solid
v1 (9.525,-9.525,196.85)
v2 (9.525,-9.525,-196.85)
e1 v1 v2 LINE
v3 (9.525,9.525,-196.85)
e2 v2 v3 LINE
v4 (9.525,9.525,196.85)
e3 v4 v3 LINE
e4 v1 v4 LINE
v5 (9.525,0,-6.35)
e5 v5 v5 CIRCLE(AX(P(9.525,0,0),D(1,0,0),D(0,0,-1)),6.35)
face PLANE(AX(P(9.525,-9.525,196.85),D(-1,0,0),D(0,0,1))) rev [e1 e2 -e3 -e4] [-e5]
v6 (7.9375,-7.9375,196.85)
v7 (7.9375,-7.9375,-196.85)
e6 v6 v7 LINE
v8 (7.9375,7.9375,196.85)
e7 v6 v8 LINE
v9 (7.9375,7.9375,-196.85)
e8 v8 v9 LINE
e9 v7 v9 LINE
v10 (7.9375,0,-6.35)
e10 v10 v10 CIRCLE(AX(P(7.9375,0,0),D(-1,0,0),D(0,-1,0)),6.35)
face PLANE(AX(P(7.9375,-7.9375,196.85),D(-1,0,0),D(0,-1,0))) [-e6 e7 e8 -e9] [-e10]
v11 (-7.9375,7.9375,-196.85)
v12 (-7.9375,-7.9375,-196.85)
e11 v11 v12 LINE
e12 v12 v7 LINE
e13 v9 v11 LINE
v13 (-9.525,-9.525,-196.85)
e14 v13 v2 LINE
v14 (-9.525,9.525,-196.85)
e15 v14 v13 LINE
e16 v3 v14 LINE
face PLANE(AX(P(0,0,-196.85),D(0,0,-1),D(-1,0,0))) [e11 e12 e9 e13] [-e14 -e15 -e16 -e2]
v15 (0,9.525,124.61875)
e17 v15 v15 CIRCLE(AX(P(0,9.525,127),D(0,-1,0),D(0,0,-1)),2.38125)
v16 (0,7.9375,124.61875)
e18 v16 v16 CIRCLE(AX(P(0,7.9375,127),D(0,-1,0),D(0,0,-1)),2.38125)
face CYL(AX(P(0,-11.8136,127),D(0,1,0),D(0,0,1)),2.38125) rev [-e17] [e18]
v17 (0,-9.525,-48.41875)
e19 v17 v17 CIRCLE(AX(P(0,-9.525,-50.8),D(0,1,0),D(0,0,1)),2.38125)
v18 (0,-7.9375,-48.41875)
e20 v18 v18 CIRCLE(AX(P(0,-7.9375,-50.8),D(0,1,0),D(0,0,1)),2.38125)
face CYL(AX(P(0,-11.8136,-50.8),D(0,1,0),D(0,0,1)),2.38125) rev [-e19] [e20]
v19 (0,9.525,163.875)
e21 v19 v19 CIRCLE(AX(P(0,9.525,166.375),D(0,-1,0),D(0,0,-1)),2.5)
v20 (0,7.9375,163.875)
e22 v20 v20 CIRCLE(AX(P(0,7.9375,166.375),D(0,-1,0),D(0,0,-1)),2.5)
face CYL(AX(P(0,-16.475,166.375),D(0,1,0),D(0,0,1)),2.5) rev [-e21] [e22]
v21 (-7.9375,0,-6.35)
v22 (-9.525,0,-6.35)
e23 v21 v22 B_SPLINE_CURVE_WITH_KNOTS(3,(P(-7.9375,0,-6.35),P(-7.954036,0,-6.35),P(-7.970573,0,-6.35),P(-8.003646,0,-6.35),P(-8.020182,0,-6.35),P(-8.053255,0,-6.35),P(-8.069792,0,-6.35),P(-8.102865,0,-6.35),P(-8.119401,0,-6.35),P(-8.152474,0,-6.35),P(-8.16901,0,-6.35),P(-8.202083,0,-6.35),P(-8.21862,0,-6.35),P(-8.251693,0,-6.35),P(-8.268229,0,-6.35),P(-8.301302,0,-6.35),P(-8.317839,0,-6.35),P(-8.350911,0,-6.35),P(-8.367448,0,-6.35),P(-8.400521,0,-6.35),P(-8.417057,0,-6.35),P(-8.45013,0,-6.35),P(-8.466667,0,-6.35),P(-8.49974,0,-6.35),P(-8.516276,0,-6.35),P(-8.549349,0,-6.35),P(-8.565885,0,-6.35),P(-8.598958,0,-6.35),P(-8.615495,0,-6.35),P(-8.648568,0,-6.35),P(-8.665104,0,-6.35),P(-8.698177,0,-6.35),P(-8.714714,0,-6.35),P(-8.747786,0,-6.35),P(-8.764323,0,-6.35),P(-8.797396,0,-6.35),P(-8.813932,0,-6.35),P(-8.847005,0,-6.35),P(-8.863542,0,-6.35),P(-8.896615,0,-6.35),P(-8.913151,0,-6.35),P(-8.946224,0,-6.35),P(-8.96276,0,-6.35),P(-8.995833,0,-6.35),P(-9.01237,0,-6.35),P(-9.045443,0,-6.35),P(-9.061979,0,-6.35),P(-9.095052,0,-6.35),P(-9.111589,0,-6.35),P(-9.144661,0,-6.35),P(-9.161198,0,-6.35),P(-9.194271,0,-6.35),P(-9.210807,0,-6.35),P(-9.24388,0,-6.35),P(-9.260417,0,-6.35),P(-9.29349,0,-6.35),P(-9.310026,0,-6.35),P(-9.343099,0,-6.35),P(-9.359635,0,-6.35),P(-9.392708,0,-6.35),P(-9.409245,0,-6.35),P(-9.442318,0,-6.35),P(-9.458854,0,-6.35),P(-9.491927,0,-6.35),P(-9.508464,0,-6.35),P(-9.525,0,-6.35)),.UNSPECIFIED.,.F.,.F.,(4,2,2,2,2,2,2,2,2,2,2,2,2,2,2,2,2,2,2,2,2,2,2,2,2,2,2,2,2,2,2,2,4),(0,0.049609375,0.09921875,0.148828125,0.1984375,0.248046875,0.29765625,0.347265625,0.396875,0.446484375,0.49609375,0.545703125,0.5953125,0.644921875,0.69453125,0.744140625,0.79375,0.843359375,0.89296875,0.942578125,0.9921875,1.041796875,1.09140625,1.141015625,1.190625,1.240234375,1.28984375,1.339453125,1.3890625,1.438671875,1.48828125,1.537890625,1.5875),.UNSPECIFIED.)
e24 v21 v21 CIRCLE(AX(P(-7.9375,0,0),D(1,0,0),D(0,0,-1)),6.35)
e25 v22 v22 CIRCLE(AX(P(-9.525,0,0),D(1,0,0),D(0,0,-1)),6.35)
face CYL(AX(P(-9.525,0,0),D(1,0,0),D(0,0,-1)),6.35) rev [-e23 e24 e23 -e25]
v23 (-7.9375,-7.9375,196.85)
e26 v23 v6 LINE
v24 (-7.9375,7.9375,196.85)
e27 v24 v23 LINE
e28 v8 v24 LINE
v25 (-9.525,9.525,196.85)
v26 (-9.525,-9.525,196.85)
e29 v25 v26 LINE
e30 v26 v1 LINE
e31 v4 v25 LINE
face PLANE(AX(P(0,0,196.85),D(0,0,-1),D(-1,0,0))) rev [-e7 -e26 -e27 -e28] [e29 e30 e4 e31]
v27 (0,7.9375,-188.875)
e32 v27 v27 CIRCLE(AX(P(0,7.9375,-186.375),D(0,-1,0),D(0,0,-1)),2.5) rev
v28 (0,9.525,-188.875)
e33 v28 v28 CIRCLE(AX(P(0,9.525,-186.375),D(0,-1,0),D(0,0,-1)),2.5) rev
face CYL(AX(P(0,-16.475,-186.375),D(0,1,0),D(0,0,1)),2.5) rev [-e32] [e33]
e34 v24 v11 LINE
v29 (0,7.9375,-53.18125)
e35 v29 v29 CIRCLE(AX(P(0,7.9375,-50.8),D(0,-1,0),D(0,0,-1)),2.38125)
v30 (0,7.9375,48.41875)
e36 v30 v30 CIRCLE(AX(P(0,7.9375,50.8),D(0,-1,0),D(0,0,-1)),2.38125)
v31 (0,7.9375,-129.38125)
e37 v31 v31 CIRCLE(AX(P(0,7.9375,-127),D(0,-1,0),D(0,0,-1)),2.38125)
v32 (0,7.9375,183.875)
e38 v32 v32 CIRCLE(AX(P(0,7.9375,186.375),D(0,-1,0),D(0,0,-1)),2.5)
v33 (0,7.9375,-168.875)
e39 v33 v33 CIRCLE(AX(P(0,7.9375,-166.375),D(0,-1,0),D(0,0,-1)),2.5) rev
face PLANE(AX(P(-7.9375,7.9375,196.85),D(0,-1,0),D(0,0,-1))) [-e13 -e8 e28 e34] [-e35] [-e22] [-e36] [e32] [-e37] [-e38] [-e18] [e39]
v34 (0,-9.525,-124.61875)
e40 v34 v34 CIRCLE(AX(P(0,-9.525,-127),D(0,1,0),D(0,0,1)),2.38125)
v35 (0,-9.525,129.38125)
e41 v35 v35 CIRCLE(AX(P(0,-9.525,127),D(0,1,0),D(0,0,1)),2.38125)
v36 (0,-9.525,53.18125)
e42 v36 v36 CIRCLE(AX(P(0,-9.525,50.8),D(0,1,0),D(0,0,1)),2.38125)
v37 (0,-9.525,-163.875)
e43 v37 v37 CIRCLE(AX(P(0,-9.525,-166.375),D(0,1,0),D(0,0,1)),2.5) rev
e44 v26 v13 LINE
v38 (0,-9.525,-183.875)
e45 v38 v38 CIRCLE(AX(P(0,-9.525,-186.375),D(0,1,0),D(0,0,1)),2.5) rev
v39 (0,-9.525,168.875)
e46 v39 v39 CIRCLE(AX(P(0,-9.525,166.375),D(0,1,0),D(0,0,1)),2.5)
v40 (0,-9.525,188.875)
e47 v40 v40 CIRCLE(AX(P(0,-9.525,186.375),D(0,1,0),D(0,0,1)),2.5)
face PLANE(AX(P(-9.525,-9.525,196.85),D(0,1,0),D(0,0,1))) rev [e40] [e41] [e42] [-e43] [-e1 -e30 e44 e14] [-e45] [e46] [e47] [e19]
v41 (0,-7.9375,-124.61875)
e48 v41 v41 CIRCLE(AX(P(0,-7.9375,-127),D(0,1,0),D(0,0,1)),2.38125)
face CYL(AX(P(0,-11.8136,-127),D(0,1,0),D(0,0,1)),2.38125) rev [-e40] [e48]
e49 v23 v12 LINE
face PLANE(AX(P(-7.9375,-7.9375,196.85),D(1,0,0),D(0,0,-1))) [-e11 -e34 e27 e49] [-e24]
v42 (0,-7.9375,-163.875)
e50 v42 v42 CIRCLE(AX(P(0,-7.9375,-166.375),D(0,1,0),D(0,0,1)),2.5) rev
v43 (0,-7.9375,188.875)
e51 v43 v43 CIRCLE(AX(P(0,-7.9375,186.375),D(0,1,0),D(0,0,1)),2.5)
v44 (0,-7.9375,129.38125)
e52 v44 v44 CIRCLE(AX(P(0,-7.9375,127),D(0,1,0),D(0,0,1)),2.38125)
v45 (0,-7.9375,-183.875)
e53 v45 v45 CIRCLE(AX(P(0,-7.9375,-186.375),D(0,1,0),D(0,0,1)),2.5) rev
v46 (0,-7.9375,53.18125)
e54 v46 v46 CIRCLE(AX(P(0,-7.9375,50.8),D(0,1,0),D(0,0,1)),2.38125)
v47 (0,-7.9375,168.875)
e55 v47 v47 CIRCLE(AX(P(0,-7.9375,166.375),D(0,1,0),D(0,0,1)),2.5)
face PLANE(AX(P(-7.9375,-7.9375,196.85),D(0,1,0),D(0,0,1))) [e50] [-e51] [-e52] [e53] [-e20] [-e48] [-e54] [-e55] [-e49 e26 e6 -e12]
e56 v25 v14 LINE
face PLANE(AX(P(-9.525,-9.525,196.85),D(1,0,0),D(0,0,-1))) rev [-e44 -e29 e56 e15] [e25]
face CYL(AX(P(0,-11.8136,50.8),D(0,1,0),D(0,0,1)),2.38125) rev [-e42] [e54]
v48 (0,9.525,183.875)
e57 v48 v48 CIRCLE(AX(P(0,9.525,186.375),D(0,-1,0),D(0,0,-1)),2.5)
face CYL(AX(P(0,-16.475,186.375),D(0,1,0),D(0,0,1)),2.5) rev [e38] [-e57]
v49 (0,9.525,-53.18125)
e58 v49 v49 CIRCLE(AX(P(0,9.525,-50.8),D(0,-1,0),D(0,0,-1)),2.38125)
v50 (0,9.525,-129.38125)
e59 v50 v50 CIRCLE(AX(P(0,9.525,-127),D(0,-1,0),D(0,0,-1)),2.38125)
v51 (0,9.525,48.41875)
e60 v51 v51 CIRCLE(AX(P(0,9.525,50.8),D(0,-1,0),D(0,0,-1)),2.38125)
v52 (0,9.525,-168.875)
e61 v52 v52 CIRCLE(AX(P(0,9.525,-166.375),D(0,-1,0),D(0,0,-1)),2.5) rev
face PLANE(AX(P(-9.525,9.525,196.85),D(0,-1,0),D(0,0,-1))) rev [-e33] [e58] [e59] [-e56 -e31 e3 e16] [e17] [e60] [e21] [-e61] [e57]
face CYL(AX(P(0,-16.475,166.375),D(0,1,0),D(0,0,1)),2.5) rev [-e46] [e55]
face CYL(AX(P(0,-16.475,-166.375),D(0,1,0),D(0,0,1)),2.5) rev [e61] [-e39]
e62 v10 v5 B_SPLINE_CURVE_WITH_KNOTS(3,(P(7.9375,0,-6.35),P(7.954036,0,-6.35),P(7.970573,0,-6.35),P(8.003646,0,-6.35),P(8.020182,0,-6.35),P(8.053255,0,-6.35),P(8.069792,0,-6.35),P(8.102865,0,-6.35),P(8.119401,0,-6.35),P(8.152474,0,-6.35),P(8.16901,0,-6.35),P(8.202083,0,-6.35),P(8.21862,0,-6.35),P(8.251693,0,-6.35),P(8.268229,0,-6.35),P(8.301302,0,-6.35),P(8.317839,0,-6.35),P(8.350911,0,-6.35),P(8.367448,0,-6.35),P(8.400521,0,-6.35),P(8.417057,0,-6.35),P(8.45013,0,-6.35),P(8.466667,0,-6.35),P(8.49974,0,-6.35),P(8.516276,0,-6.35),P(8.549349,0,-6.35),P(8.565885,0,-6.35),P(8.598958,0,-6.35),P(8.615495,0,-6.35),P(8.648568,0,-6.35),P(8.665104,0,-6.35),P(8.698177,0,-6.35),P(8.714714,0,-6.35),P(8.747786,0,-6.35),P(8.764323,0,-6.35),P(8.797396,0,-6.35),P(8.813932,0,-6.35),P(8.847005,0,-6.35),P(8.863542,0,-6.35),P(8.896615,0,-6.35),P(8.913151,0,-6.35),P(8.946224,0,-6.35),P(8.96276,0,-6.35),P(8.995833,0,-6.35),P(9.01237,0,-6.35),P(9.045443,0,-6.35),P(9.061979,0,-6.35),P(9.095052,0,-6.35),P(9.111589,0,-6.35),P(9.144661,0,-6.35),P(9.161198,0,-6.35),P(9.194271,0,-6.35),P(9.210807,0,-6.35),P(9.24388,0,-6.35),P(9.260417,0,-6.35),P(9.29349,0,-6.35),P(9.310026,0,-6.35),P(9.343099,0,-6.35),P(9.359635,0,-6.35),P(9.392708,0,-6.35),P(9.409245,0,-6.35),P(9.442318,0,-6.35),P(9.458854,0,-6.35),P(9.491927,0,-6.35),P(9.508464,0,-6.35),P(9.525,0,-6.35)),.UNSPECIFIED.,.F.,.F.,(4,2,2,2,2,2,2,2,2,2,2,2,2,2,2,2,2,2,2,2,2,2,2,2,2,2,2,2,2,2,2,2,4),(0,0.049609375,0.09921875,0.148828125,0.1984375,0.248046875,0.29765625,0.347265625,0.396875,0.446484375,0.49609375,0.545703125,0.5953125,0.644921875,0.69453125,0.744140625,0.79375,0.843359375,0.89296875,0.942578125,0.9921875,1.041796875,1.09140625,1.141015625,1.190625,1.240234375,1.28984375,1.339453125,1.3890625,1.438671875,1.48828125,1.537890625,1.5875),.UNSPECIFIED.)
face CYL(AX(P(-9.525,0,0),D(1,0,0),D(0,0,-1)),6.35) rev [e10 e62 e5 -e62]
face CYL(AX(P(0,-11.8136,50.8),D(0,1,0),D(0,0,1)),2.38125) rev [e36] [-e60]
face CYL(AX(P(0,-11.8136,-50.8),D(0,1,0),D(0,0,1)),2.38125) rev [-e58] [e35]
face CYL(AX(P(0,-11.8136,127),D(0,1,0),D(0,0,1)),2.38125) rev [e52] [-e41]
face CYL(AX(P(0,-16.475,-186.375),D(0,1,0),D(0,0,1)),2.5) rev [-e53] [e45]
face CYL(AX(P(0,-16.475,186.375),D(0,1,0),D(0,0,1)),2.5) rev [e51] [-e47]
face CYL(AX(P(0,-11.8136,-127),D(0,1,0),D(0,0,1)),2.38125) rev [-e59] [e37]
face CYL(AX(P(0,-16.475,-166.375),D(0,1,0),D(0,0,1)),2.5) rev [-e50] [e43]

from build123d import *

# Parameters (mm, degrees)
SKETCH1_W               = 19.05
SKETCH1_H               = 19.05
SKETCH1_W_2             = 15.875
SKETCH1_H_2             = 15.875
BOSS_EXTRUDE1_DEPTH     = 196.85
CUT_EXTRUDE1_DEPTH      = 198.310348816
CUT_EXTRUDE1_DEPTH_BACK = 198.310348816
SKETCH2_R               = 6.35
SKETCH3_R               = 2.5
CUT_EXTRUDE2_DEPTH      = 30
SKETCH4_R               = 2.38125
CUT_EXTRUDE3_DEPTH      = 30


with BuildPart() as part:
    # Sketch1 → Boss-Extrude1 (new, symmetric)
    with BuildSketch(Plane.XY):
        Rectangle(SKETCH1_W, SKETCH1_H)
        Rectangle(SKETCH1_W_2, SKETCH1_H_2, mode=Mode.SUBTRACT)
    extrude(amount=BOSS_EXTRUDE1_DEPTH, both=True)

    # Sketch2 → Cut-Extrude1 (cut, two sides: drawn at the far end of the back side and taken through both)
    with BuildSketch(Plane(origin=(0, 0, 0), x_dir=(0, 0, -1), z_dir=(1, 0, 0)).offset(-CUT_EXTRUDE1_DEPTH_BACK)):
        Circle(SKETCH2_R)
    extrude(amount=CUT_EXTRUDE1_DEPTH + CUT_EXTRUDE1_DEPTH_BACK, mode=Mode.SUBTRACT)

    # Sketch3 → Cut-Extrude2 (cut)
    with BuildSketch(Plane(origin=(-152.4, 13.525, 0), x_dir=(1, 0, 0), z_dir=(0, 1, 0))):
        with Locations(Location((152.4, -186.375, 0), (0, 0, 270))):
            Circle(SKETCH3_R)
        with Locations(Location((152.4, -166.375, 0), (0, 0, 270))):
            Circle(SKETCH3_R)
    cut_extrude2 = extrude(amount=-CUT_EXTRUDE2_DEPTH, mode=Mode.SUBTRACT)

    # Mirror1: Cut-Extrude2 across Front Plane
    add(cut_extrude2.mirror(Plane.XY), mode=Mode.SUBTRACT)

    # Sketch4 → Cut-Extrude3 (cut)
    with BuildSketch(Plane(origin=(-152.4, 18.1864, 0), x_dir=(1, 0, 0), z_dir=(0, 1, 0))):
        with Locations(Location((152.4, -127, 0), (0, 0, 270))):
            Circle(SKETCH4_R)
        with Locations(Location((152.4, 127, 0), (0, 0, 270))):
            Circle(SKETCH4_R)
        with Locations(Location((152.4, -50.8, 0), (0, 0, 270))):
            Circle(SKETCH4_R)
        with Locations(Location((152.4, 50.8, 0), (0, 0, 270))):
            Circle(SKETCH4_R)
    extrude(amount=-CUT_EXTRUDE3_DEPTH, mode=Mode.SUBTRACT)


solid = part.part
